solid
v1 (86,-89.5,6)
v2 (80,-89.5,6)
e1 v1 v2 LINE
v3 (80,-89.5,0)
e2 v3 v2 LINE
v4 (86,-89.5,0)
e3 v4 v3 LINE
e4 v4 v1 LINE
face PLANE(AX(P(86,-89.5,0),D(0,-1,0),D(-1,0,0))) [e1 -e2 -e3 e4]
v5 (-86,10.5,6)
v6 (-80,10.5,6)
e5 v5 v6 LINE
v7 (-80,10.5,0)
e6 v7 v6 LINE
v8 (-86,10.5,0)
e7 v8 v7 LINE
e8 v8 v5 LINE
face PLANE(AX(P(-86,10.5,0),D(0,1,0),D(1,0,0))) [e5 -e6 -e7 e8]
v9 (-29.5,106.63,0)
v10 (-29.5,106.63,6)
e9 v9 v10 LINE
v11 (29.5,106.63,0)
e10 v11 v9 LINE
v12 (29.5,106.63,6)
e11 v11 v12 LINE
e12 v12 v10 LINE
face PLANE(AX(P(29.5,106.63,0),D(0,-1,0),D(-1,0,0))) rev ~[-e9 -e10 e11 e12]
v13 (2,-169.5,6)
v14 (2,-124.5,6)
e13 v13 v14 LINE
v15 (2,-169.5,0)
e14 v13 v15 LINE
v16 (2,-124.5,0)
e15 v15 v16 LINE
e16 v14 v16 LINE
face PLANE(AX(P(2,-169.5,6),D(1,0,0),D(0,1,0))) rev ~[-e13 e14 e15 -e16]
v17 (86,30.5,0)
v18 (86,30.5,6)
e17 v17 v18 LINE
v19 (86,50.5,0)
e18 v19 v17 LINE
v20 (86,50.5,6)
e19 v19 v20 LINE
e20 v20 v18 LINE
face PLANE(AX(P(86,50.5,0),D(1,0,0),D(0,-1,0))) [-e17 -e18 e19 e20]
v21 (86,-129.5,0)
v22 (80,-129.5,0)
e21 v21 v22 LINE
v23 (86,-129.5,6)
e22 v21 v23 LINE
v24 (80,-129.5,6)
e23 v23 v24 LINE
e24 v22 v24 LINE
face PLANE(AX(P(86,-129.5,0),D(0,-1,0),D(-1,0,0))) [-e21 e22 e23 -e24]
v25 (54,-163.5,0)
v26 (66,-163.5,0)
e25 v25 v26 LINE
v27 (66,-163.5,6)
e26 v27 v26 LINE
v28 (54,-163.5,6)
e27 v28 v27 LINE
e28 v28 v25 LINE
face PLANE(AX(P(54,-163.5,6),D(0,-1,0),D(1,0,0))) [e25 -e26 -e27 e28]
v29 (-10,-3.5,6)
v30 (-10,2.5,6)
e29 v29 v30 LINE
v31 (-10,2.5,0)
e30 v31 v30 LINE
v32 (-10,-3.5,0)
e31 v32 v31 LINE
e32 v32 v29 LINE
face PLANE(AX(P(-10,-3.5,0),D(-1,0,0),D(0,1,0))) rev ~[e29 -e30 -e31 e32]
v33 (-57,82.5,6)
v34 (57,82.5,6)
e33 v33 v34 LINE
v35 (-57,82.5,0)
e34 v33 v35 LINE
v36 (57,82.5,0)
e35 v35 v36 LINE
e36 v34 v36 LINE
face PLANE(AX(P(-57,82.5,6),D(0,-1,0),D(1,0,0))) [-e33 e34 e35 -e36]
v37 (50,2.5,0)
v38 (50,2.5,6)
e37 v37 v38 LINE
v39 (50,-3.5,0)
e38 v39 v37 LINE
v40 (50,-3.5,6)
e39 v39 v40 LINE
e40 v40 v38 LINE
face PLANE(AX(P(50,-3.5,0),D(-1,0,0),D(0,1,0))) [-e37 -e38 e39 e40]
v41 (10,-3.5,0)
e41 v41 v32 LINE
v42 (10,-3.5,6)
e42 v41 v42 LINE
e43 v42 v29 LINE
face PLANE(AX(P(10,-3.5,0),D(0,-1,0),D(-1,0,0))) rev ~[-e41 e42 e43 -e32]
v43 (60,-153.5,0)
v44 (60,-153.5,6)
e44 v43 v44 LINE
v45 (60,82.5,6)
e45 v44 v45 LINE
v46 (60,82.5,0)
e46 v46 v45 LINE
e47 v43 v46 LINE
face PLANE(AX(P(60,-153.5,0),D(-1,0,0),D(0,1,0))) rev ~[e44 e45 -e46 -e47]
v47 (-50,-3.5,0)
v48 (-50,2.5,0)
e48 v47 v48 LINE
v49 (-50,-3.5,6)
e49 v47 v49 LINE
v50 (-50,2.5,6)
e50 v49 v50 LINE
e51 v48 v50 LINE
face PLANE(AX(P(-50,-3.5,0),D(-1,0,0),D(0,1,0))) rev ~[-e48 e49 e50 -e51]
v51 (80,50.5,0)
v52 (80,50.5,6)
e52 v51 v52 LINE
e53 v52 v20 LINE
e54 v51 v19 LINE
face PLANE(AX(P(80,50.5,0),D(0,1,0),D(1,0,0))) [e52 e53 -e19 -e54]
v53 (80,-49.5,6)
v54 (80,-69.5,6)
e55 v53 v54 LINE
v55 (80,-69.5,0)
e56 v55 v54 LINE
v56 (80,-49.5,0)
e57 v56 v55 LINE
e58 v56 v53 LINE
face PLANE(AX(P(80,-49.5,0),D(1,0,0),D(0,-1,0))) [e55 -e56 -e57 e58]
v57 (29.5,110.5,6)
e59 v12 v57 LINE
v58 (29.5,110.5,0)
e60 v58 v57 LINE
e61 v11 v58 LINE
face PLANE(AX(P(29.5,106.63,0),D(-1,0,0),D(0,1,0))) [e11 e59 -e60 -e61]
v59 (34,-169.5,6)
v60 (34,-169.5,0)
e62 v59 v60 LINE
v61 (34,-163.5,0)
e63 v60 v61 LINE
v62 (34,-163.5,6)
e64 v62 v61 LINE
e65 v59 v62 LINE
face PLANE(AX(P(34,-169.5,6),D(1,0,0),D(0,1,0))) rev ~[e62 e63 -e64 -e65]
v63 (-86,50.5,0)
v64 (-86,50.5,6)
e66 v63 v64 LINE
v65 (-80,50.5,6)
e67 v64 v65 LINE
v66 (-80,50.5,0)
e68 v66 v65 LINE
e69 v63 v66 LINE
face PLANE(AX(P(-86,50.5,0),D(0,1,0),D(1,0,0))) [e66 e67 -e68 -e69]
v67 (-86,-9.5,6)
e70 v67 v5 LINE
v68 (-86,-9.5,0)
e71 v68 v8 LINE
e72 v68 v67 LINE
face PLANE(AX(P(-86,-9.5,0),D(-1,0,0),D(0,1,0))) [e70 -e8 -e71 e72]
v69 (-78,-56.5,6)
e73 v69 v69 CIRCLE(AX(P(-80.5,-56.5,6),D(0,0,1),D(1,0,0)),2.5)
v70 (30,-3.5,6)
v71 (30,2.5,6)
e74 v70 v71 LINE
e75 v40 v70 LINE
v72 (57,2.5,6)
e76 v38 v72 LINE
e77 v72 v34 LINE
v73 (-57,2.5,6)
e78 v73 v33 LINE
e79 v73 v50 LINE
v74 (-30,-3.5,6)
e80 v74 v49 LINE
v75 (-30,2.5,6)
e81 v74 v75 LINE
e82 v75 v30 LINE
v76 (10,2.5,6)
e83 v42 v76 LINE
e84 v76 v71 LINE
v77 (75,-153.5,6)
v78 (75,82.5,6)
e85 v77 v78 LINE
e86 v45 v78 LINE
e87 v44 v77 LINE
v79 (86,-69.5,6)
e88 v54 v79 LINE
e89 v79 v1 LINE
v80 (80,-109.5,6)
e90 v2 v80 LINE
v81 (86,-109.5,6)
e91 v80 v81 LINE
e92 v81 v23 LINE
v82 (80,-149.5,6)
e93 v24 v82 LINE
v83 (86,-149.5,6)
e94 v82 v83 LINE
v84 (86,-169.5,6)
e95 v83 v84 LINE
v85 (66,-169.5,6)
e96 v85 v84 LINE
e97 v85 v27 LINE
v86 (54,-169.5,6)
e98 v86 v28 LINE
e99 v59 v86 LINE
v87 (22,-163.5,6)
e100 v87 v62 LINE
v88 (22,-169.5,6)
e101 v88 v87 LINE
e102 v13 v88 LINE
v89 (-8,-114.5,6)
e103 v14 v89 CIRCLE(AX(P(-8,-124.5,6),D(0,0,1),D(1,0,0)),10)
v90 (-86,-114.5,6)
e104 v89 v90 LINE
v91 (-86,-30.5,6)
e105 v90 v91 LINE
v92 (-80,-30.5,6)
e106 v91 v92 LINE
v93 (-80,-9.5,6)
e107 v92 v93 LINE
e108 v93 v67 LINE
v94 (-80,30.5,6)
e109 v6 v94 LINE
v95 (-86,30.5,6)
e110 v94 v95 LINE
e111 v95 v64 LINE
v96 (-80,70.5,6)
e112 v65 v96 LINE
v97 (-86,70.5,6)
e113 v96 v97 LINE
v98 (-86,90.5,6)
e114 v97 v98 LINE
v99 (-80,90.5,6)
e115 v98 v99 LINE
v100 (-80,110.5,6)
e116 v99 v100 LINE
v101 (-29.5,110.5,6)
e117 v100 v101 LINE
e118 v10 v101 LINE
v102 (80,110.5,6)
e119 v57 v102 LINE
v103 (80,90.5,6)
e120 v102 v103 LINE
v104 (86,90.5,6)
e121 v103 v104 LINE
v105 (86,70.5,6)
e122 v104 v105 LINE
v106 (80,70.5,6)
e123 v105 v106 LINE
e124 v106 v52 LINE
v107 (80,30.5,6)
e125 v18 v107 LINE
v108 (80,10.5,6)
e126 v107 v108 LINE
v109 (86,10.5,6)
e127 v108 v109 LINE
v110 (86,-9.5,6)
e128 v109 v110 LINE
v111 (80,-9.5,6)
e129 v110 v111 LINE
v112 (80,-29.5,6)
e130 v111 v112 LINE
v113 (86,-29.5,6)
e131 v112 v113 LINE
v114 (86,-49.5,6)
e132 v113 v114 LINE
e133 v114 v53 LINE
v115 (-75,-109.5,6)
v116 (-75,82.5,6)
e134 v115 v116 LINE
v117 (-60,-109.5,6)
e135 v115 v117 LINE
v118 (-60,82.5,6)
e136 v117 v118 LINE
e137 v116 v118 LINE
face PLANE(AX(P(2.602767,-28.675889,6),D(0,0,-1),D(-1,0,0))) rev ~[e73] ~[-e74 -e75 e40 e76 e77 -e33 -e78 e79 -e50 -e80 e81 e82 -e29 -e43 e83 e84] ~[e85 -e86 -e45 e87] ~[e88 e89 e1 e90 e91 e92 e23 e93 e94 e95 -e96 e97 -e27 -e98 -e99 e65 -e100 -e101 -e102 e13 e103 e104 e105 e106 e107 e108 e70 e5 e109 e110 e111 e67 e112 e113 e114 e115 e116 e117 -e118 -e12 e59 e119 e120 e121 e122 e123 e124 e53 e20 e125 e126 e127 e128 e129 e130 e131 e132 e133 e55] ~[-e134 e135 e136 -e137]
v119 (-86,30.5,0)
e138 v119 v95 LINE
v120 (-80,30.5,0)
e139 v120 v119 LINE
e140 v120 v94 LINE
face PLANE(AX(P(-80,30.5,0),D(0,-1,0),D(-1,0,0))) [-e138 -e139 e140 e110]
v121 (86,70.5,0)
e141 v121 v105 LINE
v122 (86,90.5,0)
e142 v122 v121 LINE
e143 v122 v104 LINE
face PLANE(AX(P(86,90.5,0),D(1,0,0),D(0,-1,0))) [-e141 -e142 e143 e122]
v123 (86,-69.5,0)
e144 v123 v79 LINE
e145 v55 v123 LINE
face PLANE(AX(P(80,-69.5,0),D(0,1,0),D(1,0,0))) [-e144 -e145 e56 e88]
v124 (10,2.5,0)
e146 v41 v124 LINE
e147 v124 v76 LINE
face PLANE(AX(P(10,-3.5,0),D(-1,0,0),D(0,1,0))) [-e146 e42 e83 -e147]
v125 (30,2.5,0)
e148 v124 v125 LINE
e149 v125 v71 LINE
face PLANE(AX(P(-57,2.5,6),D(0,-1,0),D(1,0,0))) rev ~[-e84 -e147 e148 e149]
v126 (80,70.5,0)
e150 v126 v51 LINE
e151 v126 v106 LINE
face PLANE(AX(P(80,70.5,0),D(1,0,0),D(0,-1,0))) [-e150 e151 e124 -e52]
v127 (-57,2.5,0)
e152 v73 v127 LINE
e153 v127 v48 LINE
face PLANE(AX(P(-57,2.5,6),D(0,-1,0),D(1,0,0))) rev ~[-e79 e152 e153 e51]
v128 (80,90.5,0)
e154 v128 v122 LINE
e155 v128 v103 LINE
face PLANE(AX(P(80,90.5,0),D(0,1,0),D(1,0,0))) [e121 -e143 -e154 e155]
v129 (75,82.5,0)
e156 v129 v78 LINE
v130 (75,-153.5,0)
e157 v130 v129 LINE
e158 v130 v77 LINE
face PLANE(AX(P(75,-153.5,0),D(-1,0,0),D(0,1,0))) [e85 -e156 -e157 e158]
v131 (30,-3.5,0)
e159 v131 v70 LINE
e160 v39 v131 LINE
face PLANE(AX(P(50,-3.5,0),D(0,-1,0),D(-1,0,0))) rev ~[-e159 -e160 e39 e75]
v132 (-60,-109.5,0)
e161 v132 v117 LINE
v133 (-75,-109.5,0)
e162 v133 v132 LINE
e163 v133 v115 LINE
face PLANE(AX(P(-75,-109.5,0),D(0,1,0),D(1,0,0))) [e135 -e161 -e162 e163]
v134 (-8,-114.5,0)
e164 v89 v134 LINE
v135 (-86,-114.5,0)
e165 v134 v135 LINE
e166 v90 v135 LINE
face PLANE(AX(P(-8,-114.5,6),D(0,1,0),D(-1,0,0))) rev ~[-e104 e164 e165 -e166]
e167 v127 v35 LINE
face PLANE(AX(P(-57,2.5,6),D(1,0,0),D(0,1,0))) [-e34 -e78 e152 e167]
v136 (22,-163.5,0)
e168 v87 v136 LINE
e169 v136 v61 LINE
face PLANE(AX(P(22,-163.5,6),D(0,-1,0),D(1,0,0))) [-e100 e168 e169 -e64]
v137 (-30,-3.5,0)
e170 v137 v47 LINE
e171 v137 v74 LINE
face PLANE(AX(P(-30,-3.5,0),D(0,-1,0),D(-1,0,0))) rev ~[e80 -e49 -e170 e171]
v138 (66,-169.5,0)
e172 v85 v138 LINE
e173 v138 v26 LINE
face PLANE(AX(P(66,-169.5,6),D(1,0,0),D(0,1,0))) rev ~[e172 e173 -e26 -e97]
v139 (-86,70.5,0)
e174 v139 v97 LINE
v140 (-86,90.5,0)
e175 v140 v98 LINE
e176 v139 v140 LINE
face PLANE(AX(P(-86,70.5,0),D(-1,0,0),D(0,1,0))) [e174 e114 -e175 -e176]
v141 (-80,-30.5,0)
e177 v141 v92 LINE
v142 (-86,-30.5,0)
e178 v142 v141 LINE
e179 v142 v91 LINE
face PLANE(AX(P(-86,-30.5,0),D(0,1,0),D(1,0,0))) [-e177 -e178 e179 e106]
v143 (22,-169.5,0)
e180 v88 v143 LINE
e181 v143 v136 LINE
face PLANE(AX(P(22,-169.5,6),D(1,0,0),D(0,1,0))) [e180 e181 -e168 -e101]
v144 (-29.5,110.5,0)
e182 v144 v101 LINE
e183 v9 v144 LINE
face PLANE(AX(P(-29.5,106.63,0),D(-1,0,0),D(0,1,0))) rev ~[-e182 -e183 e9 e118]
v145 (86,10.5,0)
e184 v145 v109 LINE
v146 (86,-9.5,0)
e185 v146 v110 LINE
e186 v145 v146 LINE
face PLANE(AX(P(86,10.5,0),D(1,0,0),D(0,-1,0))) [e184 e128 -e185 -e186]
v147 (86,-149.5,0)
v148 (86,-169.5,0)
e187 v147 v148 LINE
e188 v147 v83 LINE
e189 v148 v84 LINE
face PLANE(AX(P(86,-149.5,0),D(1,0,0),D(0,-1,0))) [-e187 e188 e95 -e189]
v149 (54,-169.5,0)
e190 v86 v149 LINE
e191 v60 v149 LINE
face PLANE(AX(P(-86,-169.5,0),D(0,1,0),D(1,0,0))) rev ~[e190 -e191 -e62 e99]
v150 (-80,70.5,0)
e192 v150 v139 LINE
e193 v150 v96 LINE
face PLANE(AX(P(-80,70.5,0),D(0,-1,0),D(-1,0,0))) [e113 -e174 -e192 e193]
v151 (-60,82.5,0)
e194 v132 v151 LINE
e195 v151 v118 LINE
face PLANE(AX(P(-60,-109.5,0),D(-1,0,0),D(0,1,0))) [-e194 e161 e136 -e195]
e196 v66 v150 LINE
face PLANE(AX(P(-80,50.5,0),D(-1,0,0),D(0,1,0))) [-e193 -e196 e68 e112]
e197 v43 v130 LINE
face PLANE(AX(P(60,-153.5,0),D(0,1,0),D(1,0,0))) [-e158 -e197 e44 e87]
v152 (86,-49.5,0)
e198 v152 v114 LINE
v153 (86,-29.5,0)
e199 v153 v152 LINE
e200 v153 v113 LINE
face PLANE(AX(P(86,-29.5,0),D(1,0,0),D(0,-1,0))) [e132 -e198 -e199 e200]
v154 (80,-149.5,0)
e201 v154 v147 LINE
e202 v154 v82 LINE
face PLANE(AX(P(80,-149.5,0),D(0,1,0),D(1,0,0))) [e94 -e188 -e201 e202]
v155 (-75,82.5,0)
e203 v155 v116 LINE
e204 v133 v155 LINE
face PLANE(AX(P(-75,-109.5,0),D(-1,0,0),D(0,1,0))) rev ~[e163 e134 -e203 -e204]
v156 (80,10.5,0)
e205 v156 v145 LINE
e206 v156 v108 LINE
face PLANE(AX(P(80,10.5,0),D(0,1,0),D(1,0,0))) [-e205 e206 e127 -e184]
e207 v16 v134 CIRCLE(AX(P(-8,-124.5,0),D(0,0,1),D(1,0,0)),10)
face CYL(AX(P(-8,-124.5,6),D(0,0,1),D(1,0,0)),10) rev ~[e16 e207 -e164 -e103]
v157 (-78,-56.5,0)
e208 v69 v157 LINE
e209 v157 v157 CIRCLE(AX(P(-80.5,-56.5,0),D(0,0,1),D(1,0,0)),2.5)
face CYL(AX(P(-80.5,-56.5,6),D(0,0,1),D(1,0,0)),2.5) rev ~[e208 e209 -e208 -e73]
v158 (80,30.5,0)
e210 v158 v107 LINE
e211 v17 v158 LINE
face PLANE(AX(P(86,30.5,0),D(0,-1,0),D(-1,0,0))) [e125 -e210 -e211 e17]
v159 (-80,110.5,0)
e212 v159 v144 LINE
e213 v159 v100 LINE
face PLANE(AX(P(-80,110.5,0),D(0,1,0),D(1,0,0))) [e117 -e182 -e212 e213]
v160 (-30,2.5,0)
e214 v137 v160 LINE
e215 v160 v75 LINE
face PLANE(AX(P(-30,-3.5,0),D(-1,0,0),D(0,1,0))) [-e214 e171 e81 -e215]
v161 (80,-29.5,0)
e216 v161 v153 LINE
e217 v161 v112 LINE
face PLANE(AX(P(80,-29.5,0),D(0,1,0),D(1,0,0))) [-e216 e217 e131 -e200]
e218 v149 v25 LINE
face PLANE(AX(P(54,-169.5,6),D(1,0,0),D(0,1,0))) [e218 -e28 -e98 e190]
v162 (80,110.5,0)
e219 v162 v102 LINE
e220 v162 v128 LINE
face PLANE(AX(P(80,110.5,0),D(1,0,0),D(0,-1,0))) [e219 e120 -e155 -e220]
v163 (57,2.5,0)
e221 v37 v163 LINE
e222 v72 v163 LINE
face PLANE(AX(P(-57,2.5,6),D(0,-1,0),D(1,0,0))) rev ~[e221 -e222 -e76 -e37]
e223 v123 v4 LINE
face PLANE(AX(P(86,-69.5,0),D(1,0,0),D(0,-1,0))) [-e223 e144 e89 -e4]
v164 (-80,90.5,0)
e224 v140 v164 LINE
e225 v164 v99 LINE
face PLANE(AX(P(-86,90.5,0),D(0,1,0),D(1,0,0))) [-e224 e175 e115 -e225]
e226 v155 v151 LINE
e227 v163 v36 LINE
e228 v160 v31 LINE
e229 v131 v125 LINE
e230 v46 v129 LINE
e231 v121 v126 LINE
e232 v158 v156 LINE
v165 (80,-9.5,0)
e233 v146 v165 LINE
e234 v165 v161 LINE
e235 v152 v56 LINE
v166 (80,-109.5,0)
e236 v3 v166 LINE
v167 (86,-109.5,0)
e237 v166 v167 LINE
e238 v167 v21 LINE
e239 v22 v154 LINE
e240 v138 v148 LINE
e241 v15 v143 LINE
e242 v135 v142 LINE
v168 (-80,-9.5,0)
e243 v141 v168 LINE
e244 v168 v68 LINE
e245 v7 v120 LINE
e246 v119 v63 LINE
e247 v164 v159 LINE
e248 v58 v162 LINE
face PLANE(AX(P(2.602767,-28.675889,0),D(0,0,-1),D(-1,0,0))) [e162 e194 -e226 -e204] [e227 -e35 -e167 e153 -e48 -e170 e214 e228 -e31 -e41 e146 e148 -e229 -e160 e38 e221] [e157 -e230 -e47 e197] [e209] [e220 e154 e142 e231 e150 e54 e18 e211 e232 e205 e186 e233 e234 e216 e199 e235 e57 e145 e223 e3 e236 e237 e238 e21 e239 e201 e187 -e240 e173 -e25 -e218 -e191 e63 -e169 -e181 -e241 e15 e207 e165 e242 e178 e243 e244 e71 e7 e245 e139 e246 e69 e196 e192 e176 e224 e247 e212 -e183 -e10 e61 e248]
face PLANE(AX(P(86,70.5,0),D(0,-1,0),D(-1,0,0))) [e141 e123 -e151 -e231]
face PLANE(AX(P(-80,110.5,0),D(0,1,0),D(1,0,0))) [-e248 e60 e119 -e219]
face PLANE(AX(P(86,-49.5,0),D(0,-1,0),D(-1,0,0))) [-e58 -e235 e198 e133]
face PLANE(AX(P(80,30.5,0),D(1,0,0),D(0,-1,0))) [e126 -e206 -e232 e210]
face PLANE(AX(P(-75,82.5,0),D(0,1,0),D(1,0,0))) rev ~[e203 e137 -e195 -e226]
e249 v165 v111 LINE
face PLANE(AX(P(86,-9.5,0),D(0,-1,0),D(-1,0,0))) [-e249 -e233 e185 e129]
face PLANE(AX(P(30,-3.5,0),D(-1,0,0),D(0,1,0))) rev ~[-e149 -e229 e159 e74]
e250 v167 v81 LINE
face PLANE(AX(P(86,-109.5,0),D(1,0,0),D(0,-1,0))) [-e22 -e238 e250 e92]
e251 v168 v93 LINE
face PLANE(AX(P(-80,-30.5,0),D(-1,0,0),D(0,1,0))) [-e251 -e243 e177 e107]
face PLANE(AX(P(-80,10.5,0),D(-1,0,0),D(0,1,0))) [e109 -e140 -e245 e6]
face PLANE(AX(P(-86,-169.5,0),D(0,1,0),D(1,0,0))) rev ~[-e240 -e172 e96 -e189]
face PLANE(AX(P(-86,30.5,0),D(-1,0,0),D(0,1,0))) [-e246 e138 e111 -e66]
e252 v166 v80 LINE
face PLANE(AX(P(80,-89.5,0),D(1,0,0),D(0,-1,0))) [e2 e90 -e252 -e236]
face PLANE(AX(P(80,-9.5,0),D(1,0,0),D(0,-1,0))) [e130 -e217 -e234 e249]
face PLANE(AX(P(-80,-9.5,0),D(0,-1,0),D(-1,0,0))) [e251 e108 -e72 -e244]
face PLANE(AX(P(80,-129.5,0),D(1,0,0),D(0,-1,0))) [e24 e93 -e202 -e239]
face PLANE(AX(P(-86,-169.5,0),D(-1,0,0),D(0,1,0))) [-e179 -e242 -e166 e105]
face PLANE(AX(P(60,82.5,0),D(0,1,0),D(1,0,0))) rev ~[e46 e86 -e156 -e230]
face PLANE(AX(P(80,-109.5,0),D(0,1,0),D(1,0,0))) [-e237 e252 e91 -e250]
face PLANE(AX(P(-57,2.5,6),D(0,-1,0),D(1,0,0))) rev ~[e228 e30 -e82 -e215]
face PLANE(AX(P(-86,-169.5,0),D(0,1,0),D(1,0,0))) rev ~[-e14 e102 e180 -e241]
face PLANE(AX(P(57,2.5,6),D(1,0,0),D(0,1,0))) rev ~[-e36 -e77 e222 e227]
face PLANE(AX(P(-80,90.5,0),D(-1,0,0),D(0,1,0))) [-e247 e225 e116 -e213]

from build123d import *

# Parameters (mm, degrees)
BOSS_EXTRUDE1_DEPTH = 6
SKETCH2_W           = 15
SKETCH2_H           = 192
SKETCH2_H_2         = 236
CUT_EXTRUDE1_DEPTH  = 6
SKETCH3_W           = 114
SKETCH3_H           = 80
CUT_EXTRUDE2_DEPTH  = 6
SKETCH5_W           = 20
SKETCH5_H           = 6
CUT_EXTRUDE5_DEPTH  = 6
SKETCH6_R           = 2.5
CUT_EXTRUDE7_DEPTH  = 6
SKETCH7_W           = 59
SKETCH7_H           = 3.87
CUT_EXTRUDE8_DEPTH  = 6
CUT_EXTRUDE10_DEPTH = 6
SKETCH10_W          = 12
SKETCH10_H          = 6
CUT_EXTRUDE11_DEPTH = 6


with BuildPart() as part:
    # Sketch1 → Boss-Extrude1 (new body)
    with BuildSketch(Plane.XY):
        Polygon((-86, 90.5), (-80, 90.5), (-80, 110.5), (80, 110.5), (80, 90.5), (86, 90.5), (86, 70.5), (80, 70.5), (80, 50.5), (86, 50.5), (86, 30.5), (80, 30.5), (80, 10.5), (86, 10.5), (86, -9.5), (80, -9.5), (80, -29.5), (86, -29.5), (86, -49.5), (80, -49.5), (80, -69.5), (86, -69.5), (86, -89.5), (80, -89.5), (80, -109.5), (86, -109.5), (86, -129.5), (80, -129.5), (80, -149.5), (86, -149.5), (86, -169.5), (80, -169.5), (-86, -169.5), (-86, -30.5), (-80, -30.5), (-80, -9.5), (-86, -9.5), (-86, 10.5), (-80, 10.5), (-80, 30.5), (-86, 30.5), (-86, 50.5), (-80, 50.5), (-80, 70.5), (-86, 70.5), align=None)
    extrude(amount=BOSS_EXTRUDE1_DEPTH)

    # Sketch2 → Cut-Extrude1 (cut)
    with BuildSketch(Plane.XY):
        with Locations((-67.5, -13.5)):
            Rectangle(SKETCH2_W, SKETCH2_H)
        with Locations((67.5, -35.5)):
            Rectangle(SKETCH2_W, SKETCH2_H_2)
    extrude(amount=CUT_EXTRUDE1_DEPTH, mode=Mode.SUBTRACT)

    # Sketch3 → Cut-Extrude2 (cut)
    with BuildSketch(Plane.XY.offset(6)):
        with Locations((0, 42.5)):
            Rectangle(SKETCH3_W, SKETCH3_H)
    extrude(amount=-CUT_EXTRUDE2_DEPTH, mode=Mode.SUBTRACT)

    # Sketch5 → Cut-Extrude5 (cut)
    with BuildSketch(Plane(origin=(0, 0, 0), x_dir=(-1, 0, 0), z_dir=(0, 0, -1))):
        with Locations((40, -0.5)):
            Rectangle(SKETCH5_W, SKETCH5_H)
        with Locations((0, -0.5)):
            Rectangle(SKETCH5_W, SKETCH5_H)
        with Locations((-40, -0.5)):
            Rectangle(SKETCH5_W, SKETCH5_H)
    extrude(amount=-CUT_EXTRUDE5_DEPTH, mode=Mode.SUBTRACT)

    # Sketch6 → Cut-Extrude7 (cut)
    with BuildSketch(Plane.XY.offset(6)):
        with Locations((-80.5, -56.5)):
            Circle(SKETCH6_R)
    extrude(amount=-CUT_EXTRUDE7_DEPTH, mode=Mode.SUBTRACT)

    # Sketch7 → Cut-Extrude8 (cut)
    with BuildSketch(Plane(origin=(0, 0, 0), x_dir=(-1, 0, 0), z_dir=(0, 0, -1))):
        with Locations((0, 108.565)):
            Rectangle(SKETCH7_W, SKETCH7_H)
    extrude(amount=-CUT_EXTRUDE8_DEPTH, mode=Mode.SUBTRACT)

    # Sketch9 → Cut-Extrude10 (cut)
    with BuildSketch(Plane.XY.offset(6)):
        with BuildLine():
            Line((-86, -169.5), (2, -169.5))
            Line((2, -169.5), (2, -124.5))
            ThreePointArc((2, -124.5), (-0.928932188, -117.428932188), (-8, -114.5))
            Line((-8, -114.5), (-86, -114.5))
            Line((-86, -114.5), (-86, -169.5))
        make_face()
    extrude(amount=-CUT_EXTRUDE10_DEPTH, mode=Mode.SUBTRACT)

    # Sketch10 → Cut-Extrude11 (cut)
    with BuildSketch(Plane.XY.offset(6)):
        with Locations((28, -166.5)):
            Rectangle(SKETCH10_W, SKETCH10_H)
        with Locations((60, -166.5)):
            Rectangle(SKETCH10_W, SKETCH10_H)
    extrude(amount=-CUT_EXTRUDE11_DEPTH, mode=Mode.SUBTRACT)


solid = part.part
